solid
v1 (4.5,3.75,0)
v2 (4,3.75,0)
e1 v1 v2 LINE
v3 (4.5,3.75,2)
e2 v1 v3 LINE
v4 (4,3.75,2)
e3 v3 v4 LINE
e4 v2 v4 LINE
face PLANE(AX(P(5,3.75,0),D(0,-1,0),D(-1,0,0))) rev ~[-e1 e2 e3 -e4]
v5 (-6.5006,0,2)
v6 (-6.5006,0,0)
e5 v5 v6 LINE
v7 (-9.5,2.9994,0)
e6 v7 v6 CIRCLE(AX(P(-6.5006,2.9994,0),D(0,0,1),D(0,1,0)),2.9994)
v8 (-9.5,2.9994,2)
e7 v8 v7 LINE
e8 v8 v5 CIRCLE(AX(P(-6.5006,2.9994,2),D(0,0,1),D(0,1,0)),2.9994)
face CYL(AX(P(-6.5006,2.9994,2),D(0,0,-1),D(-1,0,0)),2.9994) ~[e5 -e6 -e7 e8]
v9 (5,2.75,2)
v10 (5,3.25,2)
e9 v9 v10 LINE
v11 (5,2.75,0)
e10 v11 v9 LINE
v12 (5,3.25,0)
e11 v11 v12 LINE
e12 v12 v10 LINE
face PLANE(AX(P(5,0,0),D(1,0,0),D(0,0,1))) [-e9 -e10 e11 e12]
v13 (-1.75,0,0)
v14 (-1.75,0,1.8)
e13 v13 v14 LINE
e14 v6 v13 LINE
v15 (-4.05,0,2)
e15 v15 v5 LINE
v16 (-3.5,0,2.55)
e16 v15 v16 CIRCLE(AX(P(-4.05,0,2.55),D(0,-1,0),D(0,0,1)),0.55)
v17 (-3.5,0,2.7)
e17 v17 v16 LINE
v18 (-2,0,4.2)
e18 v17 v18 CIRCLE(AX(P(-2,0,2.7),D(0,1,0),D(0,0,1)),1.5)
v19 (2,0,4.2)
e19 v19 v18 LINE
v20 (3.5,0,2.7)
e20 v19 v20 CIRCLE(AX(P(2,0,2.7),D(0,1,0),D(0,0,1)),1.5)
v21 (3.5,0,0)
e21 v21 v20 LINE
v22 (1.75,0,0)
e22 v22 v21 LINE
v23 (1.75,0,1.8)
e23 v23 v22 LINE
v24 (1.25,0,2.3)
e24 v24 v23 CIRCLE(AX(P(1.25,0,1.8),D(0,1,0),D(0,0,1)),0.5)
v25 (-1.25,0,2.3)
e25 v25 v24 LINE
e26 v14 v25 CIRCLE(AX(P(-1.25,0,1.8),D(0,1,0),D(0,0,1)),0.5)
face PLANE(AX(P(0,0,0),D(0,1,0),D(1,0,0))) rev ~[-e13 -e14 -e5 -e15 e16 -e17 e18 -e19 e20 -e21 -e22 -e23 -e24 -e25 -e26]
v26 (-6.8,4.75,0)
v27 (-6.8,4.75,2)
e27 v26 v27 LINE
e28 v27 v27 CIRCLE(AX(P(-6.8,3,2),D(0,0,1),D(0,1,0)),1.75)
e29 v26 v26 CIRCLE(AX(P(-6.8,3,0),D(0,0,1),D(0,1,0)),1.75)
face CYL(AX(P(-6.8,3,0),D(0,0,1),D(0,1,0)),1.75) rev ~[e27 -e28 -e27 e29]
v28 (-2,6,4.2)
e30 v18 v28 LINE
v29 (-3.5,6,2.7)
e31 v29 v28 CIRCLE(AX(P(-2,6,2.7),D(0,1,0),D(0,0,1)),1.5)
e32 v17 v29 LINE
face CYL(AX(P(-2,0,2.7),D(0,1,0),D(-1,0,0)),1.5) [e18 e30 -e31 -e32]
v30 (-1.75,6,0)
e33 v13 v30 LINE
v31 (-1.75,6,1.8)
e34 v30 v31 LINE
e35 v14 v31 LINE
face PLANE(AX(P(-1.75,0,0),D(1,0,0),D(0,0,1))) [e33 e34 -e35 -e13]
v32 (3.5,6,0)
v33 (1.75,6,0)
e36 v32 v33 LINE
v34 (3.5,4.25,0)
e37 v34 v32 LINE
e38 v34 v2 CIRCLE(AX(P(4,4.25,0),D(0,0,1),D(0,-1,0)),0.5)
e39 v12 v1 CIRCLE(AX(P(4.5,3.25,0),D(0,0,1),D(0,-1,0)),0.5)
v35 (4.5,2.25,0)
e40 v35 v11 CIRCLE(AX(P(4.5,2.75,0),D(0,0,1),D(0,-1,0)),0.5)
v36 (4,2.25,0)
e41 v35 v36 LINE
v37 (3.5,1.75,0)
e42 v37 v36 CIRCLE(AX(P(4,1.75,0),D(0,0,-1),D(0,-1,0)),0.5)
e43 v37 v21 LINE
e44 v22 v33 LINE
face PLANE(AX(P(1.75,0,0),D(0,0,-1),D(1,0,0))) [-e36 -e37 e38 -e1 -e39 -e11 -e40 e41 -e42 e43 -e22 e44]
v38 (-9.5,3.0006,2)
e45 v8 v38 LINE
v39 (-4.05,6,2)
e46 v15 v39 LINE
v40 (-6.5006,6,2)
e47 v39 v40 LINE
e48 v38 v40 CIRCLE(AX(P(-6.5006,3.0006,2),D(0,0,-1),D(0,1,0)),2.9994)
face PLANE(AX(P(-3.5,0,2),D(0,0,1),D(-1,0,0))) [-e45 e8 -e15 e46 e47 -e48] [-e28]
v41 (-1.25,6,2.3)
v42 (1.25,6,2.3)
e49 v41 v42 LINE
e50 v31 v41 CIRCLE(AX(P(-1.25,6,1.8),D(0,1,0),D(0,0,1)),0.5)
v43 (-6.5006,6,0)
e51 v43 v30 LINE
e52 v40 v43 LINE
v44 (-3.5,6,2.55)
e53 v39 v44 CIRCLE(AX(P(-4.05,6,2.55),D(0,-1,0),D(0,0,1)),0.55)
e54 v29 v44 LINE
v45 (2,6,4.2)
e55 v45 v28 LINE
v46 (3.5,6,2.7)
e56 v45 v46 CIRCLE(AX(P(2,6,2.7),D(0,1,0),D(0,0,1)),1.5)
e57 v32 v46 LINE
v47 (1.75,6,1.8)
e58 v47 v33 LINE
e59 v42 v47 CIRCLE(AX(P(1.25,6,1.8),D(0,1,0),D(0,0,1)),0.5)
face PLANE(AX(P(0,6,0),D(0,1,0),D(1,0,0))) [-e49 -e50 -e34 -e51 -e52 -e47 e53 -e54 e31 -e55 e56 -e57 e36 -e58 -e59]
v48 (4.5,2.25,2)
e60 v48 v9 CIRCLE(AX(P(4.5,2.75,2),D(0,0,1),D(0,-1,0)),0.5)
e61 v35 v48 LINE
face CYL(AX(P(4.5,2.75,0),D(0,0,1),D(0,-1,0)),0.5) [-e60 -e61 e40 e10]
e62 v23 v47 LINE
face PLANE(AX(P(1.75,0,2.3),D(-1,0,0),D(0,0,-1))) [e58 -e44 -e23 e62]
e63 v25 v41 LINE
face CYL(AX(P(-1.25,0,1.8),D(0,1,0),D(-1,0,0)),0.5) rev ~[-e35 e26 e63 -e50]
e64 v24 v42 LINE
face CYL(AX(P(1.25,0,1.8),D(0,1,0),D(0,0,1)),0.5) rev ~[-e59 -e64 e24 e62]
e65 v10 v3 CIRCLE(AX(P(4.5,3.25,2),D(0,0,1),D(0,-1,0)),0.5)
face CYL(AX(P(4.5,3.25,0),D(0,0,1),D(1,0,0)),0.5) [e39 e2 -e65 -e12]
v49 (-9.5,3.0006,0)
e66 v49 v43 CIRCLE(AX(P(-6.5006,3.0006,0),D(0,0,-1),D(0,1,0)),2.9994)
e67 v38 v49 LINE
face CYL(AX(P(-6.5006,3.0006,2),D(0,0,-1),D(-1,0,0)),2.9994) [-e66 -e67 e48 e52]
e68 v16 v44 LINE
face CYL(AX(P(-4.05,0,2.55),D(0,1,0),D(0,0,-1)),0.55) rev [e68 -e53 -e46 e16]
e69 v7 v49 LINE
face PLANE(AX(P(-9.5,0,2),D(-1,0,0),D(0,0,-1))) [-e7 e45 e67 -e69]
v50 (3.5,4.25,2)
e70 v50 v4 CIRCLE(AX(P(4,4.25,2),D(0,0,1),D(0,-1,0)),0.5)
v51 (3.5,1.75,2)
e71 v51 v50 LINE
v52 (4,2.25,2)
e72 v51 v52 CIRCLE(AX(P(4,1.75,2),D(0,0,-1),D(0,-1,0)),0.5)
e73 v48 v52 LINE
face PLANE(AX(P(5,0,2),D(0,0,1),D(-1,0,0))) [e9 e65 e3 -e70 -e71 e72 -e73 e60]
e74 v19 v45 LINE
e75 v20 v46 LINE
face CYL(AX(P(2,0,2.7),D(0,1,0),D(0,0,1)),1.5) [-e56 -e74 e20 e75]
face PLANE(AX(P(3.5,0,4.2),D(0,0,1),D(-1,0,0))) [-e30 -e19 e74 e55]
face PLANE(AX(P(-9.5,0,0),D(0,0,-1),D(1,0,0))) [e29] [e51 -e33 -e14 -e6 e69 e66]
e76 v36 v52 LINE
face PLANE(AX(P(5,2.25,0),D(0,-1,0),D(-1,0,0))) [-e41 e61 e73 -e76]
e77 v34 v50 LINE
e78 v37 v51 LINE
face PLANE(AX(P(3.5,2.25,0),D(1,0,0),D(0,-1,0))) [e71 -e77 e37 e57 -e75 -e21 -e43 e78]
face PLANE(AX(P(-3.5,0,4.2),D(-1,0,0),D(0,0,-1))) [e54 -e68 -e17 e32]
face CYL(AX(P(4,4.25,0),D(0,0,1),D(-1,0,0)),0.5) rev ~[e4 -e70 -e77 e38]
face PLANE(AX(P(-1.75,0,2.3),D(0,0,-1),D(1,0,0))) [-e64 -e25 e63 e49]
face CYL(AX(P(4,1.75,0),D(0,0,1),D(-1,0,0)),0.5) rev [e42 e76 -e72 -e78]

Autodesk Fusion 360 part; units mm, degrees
sketch "Skizze8" plane through (0, 0, 0) normal (0, 1, 0) x (1, 0, 0)
  line L0 (-9.5, 0) -> (-1.75, 0)
  line L1 (-1.75, 0) -> (-1.75, -2.3)
  line L2 (-1.75, -2.3) -> (1.75, -2.3)
  line L3 (1.75, -2.3) -> (1.75, 0)
  line L4 (1.75, 0) -> (3.5, 0)
  line L5 (3.5, -2) -> (3.5, -4.2)
  line L6 (3.5, -4.2) -> (-3.5, -4.2)
  line L7 (-3.5, -4.2) -> (-3.5, -2)
  line L8 (-3.5, -2) -> (-9.5, -2)
  line L9 (-9.5, -2) -> (-9.5, 0)
  line L10 (3.5, 0) -> (5, 0)
  line L11 (5, 0) -> (5, -2)
  line L12 (5, -2) -> (3.5, -2)
  dimension "d100" = 3.5
  dimension "d101" = 1.75
  dimension "d102" = 2.3
  dimension "d103" = 7
  dimension "d104" = 3.5
  dimension "d105" = 4.2
  dimension "d110" = 2
  dimension "d123" = 6
  dimension "d134" = 1.5
extrude "Extrusion5" add sketch "Skizze8" along normal blind 6
sketch "Skizze9" plane through (0, 0, 0) normal (0, 0, 1) x (1, 0, 0)
  line L0 (-9.5, 0) -> (-9.5, 6)
  line L1 (-3.5, 0) -> (-9.5, 0)
  line L2 (-3.5, 0) -> (-3.5, 6)
  line L3 (0, 1.75) -> (0, 22.5)
  point P0 (-6.8, 3)
  point P1 (6.8, 3)
  dimension "d113" = 6
  dimension "d114" = 3
  dimension "d120" = 9.5
  dimension "d128" = 3.3
hole "Bohrung4" at (-6.8, 3, 0) at (6.8, 3, 0) direction (0, 0, 1) diameter 3.5 depth 5 tip angle 118
fillet "Abrundung7" radius 3 2 edges at (-9.5, 0, 1) (-9.5, 6, 1)
fillet "Abrundung8" radius 0.55 1 edges at (-3.5, 3, 2)
fillet "Abrundung9" radius 0.5 2 edges at (-1.75, 3, 2.3) (1.75, 3, 2.3)
fillet "Abrundung10" radius 1.5 2 edges at (-3.5, 3, 4.2) (3.5, 3, 4.2)
sketch "Skizze10" plane through (0, 0, 0) normal (0, 0, 1) x (1, 0, 0)
  line L0 (3.5, 0) -> (5, 0)
  line L1 (5, 0) -> (5, 2.25)
  line L2 (5, 2.25) -> (3.5, 2.25)
  line L3 (3.5, 2.25) -> (3.5, 0)
  line L4 (3.5, 6) -> (5, 6)
  line L5 (5, 6) -> (5, 3.75)
  line L6 (5, 3.75) -> (3.5, 3.75)
  line L7 (3.5, 3.75) -> (3.5, 6)
  line L8 (3.5, 0) -> (5, 0)
  line L9 (5, 0) -> (5, 6)
  line L10 (5, 6) -> (3.5, 6)
  line L11 (3.5, 6) -> (3.5, 0)
  line L12 (3.5, 6) -> (5, 6)
  line L13 (5, 0) -> (3.5, 0)
  dimension "d135" = 1.5
  dimension "d136" = 1.5
  dimension "d141" = 1.5
extrude "Extrusion6" cut sketch "Skizze10" along normal up to surface (2 mm away) contours L0 L1 L2 L3 L8 L9 L11 L13 | L4 L5 L6 L7 L9 L10 L11 L12
fillet "Abrundung11" radius 0.5 4 edges at (3.5, 2.25, 1) (3.5, 3.75, 1) (5, 2.25, 1) (5, 3.75, 1)
equation "d101 = d100 / 2"
equation "d104 = d103 / 2"
equation "d106 = 2 mm"
equation "d110 = d106"
equation "d114 = d113 / 2"
